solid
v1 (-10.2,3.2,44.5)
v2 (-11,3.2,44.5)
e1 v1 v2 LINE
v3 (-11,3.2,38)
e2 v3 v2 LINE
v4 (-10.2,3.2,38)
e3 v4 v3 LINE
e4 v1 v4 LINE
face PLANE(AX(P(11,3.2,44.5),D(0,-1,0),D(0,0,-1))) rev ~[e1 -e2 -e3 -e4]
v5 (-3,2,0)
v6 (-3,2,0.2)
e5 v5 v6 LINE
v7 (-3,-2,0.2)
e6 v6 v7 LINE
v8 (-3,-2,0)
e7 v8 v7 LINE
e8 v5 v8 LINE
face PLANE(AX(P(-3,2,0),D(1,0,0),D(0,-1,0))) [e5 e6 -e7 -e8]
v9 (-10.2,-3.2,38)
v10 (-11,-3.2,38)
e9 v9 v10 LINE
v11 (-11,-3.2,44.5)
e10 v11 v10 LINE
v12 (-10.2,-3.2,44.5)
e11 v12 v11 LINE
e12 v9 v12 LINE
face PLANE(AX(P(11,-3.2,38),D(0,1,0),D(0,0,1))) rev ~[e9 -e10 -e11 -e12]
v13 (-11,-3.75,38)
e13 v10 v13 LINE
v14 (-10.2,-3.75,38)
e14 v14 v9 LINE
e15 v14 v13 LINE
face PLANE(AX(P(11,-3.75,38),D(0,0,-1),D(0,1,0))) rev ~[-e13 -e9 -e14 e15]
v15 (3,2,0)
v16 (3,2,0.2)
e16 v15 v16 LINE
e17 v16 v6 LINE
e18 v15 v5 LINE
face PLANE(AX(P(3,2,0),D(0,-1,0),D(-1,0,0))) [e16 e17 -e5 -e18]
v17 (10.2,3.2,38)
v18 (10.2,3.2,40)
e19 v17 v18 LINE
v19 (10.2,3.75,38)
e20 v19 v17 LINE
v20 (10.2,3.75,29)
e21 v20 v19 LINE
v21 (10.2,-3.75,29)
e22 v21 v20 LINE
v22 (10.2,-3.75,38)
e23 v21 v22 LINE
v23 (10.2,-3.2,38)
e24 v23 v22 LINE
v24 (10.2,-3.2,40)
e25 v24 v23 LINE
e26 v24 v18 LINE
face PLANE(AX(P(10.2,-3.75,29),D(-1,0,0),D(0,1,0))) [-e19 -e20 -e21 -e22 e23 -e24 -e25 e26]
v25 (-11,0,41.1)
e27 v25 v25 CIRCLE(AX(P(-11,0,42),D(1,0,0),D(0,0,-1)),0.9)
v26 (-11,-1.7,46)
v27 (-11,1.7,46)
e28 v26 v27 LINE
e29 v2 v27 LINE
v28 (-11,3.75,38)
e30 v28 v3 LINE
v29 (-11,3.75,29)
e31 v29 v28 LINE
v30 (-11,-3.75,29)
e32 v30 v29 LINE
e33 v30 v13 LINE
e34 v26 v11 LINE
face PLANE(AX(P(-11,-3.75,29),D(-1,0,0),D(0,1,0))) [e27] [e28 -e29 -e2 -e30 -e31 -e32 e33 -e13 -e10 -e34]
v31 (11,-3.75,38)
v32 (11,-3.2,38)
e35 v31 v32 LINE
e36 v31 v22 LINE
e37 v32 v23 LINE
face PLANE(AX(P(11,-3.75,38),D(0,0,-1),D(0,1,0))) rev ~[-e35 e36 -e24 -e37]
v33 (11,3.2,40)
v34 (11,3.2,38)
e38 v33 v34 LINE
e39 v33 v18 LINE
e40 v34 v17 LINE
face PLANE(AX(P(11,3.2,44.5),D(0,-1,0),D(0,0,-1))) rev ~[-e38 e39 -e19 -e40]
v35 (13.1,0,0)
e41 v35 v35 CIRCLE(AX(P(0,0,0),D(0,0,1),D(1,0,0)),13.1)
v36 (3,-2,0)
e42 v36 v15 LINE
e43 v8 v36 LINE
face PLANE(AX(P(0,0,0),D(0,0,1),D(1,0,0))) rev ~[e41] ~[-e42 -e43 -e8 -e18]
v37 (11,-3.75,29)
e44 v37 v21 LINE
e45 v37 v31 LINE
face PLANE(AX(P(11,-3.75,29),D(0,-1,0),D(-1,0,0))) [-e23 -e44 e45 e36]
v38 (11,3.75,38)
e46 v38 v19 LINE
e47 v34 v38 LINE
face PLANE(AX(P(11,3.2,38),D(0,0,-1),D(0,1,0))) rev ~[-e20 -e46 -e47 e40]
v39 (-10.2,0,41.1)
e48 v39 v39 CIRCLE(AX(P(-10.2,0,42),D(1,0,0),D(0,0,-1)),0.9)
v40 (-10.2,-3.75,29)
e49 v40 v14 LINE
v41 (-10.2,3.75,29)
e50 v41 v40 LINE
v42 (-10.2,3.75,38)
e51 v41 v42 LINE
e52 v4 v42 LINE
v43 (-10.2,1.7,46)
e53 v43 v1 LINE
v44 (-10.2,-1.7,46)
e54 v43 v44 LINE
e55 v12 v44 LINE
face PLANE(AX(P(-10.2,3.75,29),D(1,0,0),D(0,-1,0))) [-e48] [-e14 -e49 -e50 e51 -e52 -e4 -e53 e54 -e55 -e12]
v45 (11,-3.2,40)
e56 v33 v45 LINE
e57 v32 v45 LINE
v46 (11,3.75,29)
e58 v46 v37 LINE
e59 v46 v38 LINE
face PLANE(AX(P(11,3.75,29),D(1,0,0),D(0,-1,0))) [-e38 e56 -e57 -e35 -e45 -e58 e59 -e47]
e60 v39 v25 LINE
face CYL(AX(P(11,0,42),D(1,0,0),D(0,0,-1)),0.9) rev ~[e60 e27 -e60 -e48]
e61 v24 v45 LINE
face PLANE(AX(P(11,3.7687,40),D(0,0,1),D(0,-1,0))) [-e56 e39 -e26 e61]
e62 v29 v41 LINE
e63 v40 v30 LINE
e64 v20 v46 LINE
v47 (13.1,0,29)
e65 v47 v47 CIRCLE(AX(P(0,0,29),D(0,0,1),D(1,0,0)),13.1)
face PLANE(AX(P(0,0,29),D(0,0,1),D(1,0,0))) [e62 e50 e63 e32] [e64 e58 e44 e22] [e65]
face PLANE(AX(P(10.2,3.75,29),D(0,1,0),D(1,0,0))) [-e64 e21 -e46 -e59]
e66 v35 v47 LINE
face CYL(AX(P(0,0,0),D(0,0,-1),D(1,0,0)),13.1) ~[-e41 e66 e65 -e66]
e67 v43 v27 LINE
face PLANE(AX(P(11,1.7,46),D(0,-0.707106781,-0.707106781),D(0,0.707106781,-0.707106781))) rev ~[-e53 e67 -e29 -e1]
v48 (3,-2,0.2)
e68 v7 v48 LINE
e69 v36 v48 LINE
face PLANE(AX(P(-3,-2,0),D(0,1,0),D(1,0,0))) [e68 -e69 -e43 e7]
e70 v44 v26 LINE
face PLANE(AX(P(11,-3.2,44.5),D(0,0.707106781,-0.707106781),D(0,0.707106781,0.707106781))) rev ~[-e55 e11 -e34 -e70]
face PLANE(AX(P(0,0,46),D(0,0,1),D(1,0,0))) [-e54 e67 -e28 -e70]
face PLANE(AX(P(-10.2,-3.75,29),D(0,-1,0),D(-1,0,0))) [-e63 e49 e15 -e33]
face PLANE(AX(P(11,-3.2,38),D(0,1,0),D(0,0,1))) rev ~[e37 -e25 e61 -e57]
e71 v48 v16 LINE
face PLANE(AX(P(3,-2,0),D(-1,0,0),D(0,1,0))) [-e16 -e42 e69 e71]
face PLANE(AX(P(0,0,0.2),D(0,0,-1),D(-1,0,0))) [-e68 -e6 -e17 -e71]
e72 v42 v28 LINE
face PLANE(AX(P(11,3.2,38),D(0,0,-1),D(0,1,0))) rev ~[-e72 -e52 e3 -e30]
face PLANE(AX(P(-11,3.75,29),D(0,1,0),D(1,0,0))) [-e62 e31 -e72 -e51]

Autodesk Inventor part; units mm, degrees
ref_plane "YZ Plane" through (0, 0, 0) normal (1, 0, 0) x (0, 1, 0)
ref_plane "XZ Plane" through (0, 0, 0) normal (0, 1, 0) x (-1, 0, 0)
ref_plane "XY Plane" through (0, 0, 0) normal (0, 0, 1) x (1, 0, 0)
sketch "Skizze1" plane through (0, 0, 0) normal (0, 0, 1) x (1, 0, 0)
  circle A0 centre (0, 0) radius 13.1
  dimension "d0" = 26.2
extrude "Extrusion1" add sketch "Skizze1" along normal blind 29
sketch "Skizze2" plane through (0, 0, 29) normal (0, 0, 1) x (1, 0, 0)
  line L0 (-11, 3.75) -> (-10.2, 3.75)
  line L1 (-10.2, 3.75) -> (-10.2, -3.75)
  line L2 (-10.2, -3.75) -> (-11, -3.75)
  line L3 (-11, -3.75) -> (-11, 3.75)
  line L4 (10.2, 3.75) -> (11, 3.75)
  line L5 (11, 3.75) -> (11, -3.75)
  line L6 (11, -3.75) -> (10.2, -3.75)
  line L7 (10.2, -3.75) -> (10.2, 3.75)
  line L8 (10.2, 0) -> (-10.2, 0) construction
  point P0 (0, 0)
  point P1 (0, 0)
  dimension "d3" = 7.5
  dimension "d4" = 0.8
  dimension "d6" = 22
sketch "Skizze3" plane through (0, 0, 0) normal (0, 1, 0) x (-1, 0, 0)
  line L0 (13.1, 29) -> (-13.1, 29) projected
  line L1 (-13.1, 0) -> (13.1, 0) projected
  line L2 (-13.1, 0) -> (-13.1, 29) projected
  line L3 (13.1, 0) -> (13.1, 29) projected
  point P0 (0, 0)
  dimension "d7" = 29
extrude "Extrusion2" add sketch "Skizze2" along normal blind 17
sketch "Skizze4" plane through (11, -3.75, 29) normal (1, 0, 0) x (0, 0, -1)
  line L0 (0, 7.5) -> (0, 0) projected
  line L1 (0, 7.5) -> (-17, 7.5) construction
  line L2 (-17, 0) -> (-17, 7.5) construction
  line L3 (0, 0) -> (-17, 0) construction
  line L4 (0, 0) -> (-17, 0) construction
  line L5 (-9, 0) -> (-9, 0.55)
  line L6 (-9, 0.55) -> (-15.5, 0.55)
  line L7 (-15.5, 0.55) -> (-17, 2.05)
  line L8 (-17, 5.45) -> (-15.5, 6.95)
  line L9 (-15.5, 6.95) -> (-9, 6.95)
  line L10 (-9, 6.95) -> (-9, 7.5)
  line L11 (0, 7.5) -> (-17, 7.5) construction
  circle A0 centre (-13, 3.75) radius 0.9
  line L12 (-13, 3.75) -> (-17, 3.75) construction
  line L13 (-17, 0) -> (-17, 7.5) construction
  line L14 (-17, 0) -> (-17, 7.5) construction
  line L15 (-9, 0) -> (-17, 0)
  line L16 (-17, 2.05) -> (-17, 0)
  line L17 (-17, 5.45) -> (-17, 7.5)
  line L18 (-9, 7.5) -> (-17, 7.5)
  point P0 (29, 3.75)
  dimension "d10" = 45
  dimension "d11" = 45
  dimension "d12" = 6.4
  dimension "d13" = 8
  dimension "d14" = 1.5
  dimension "d15" = 1.8
  dimension "d16" = 4
extrude "Extrusion3" cut sketch "Skizze4" against normal through all
sketch "Skizze5" plane through (0, 0, 0) normal (0, 0, -1) x (-1, 0, 0)
  line L0 (-3, 2) -> (3, 2)
  line L1 (3, 2) -> (3, -2)
  line L2 (3, -2) -> (-3, -2)
  line L3 (-3, -2) -> (-3, 2)
  line L4 (3, -2) -> (-3, 2) construction
  point P0 (0, 0)
  point P1 (0, 0)
  dimension "d19" = 6
  dimension "d20" = 4
extrude "Extrusion4" cut sketch "Skizze5" against normal blind 0.2
sketch "Skizze6" plane through (11, -3.75, 29) normal (1, 0, 0) x (0, 0, -1)
  line L0 (-17, 7.5187) -> (-11, 7.5187)
  line L1 (-11, 7.5187) -> (-11, -0.0187)
  line L2 (-11, -0.0187) -> (-17, -0.0187)
  line L3 (-17, -0.0187) -> (-17, 7.5187)
  line L4 (-17, 2.05) -> (-17, 5.45) projected
  point P0 (29, 3.75)
  point P1 (-17, 3.75)
  dimension "d23" = 6
extrude "Extrusion5" cut sketch "Skizze6" against normal blind 1
equation "\"d11\" = d10"
properties part number "Zündspule"
